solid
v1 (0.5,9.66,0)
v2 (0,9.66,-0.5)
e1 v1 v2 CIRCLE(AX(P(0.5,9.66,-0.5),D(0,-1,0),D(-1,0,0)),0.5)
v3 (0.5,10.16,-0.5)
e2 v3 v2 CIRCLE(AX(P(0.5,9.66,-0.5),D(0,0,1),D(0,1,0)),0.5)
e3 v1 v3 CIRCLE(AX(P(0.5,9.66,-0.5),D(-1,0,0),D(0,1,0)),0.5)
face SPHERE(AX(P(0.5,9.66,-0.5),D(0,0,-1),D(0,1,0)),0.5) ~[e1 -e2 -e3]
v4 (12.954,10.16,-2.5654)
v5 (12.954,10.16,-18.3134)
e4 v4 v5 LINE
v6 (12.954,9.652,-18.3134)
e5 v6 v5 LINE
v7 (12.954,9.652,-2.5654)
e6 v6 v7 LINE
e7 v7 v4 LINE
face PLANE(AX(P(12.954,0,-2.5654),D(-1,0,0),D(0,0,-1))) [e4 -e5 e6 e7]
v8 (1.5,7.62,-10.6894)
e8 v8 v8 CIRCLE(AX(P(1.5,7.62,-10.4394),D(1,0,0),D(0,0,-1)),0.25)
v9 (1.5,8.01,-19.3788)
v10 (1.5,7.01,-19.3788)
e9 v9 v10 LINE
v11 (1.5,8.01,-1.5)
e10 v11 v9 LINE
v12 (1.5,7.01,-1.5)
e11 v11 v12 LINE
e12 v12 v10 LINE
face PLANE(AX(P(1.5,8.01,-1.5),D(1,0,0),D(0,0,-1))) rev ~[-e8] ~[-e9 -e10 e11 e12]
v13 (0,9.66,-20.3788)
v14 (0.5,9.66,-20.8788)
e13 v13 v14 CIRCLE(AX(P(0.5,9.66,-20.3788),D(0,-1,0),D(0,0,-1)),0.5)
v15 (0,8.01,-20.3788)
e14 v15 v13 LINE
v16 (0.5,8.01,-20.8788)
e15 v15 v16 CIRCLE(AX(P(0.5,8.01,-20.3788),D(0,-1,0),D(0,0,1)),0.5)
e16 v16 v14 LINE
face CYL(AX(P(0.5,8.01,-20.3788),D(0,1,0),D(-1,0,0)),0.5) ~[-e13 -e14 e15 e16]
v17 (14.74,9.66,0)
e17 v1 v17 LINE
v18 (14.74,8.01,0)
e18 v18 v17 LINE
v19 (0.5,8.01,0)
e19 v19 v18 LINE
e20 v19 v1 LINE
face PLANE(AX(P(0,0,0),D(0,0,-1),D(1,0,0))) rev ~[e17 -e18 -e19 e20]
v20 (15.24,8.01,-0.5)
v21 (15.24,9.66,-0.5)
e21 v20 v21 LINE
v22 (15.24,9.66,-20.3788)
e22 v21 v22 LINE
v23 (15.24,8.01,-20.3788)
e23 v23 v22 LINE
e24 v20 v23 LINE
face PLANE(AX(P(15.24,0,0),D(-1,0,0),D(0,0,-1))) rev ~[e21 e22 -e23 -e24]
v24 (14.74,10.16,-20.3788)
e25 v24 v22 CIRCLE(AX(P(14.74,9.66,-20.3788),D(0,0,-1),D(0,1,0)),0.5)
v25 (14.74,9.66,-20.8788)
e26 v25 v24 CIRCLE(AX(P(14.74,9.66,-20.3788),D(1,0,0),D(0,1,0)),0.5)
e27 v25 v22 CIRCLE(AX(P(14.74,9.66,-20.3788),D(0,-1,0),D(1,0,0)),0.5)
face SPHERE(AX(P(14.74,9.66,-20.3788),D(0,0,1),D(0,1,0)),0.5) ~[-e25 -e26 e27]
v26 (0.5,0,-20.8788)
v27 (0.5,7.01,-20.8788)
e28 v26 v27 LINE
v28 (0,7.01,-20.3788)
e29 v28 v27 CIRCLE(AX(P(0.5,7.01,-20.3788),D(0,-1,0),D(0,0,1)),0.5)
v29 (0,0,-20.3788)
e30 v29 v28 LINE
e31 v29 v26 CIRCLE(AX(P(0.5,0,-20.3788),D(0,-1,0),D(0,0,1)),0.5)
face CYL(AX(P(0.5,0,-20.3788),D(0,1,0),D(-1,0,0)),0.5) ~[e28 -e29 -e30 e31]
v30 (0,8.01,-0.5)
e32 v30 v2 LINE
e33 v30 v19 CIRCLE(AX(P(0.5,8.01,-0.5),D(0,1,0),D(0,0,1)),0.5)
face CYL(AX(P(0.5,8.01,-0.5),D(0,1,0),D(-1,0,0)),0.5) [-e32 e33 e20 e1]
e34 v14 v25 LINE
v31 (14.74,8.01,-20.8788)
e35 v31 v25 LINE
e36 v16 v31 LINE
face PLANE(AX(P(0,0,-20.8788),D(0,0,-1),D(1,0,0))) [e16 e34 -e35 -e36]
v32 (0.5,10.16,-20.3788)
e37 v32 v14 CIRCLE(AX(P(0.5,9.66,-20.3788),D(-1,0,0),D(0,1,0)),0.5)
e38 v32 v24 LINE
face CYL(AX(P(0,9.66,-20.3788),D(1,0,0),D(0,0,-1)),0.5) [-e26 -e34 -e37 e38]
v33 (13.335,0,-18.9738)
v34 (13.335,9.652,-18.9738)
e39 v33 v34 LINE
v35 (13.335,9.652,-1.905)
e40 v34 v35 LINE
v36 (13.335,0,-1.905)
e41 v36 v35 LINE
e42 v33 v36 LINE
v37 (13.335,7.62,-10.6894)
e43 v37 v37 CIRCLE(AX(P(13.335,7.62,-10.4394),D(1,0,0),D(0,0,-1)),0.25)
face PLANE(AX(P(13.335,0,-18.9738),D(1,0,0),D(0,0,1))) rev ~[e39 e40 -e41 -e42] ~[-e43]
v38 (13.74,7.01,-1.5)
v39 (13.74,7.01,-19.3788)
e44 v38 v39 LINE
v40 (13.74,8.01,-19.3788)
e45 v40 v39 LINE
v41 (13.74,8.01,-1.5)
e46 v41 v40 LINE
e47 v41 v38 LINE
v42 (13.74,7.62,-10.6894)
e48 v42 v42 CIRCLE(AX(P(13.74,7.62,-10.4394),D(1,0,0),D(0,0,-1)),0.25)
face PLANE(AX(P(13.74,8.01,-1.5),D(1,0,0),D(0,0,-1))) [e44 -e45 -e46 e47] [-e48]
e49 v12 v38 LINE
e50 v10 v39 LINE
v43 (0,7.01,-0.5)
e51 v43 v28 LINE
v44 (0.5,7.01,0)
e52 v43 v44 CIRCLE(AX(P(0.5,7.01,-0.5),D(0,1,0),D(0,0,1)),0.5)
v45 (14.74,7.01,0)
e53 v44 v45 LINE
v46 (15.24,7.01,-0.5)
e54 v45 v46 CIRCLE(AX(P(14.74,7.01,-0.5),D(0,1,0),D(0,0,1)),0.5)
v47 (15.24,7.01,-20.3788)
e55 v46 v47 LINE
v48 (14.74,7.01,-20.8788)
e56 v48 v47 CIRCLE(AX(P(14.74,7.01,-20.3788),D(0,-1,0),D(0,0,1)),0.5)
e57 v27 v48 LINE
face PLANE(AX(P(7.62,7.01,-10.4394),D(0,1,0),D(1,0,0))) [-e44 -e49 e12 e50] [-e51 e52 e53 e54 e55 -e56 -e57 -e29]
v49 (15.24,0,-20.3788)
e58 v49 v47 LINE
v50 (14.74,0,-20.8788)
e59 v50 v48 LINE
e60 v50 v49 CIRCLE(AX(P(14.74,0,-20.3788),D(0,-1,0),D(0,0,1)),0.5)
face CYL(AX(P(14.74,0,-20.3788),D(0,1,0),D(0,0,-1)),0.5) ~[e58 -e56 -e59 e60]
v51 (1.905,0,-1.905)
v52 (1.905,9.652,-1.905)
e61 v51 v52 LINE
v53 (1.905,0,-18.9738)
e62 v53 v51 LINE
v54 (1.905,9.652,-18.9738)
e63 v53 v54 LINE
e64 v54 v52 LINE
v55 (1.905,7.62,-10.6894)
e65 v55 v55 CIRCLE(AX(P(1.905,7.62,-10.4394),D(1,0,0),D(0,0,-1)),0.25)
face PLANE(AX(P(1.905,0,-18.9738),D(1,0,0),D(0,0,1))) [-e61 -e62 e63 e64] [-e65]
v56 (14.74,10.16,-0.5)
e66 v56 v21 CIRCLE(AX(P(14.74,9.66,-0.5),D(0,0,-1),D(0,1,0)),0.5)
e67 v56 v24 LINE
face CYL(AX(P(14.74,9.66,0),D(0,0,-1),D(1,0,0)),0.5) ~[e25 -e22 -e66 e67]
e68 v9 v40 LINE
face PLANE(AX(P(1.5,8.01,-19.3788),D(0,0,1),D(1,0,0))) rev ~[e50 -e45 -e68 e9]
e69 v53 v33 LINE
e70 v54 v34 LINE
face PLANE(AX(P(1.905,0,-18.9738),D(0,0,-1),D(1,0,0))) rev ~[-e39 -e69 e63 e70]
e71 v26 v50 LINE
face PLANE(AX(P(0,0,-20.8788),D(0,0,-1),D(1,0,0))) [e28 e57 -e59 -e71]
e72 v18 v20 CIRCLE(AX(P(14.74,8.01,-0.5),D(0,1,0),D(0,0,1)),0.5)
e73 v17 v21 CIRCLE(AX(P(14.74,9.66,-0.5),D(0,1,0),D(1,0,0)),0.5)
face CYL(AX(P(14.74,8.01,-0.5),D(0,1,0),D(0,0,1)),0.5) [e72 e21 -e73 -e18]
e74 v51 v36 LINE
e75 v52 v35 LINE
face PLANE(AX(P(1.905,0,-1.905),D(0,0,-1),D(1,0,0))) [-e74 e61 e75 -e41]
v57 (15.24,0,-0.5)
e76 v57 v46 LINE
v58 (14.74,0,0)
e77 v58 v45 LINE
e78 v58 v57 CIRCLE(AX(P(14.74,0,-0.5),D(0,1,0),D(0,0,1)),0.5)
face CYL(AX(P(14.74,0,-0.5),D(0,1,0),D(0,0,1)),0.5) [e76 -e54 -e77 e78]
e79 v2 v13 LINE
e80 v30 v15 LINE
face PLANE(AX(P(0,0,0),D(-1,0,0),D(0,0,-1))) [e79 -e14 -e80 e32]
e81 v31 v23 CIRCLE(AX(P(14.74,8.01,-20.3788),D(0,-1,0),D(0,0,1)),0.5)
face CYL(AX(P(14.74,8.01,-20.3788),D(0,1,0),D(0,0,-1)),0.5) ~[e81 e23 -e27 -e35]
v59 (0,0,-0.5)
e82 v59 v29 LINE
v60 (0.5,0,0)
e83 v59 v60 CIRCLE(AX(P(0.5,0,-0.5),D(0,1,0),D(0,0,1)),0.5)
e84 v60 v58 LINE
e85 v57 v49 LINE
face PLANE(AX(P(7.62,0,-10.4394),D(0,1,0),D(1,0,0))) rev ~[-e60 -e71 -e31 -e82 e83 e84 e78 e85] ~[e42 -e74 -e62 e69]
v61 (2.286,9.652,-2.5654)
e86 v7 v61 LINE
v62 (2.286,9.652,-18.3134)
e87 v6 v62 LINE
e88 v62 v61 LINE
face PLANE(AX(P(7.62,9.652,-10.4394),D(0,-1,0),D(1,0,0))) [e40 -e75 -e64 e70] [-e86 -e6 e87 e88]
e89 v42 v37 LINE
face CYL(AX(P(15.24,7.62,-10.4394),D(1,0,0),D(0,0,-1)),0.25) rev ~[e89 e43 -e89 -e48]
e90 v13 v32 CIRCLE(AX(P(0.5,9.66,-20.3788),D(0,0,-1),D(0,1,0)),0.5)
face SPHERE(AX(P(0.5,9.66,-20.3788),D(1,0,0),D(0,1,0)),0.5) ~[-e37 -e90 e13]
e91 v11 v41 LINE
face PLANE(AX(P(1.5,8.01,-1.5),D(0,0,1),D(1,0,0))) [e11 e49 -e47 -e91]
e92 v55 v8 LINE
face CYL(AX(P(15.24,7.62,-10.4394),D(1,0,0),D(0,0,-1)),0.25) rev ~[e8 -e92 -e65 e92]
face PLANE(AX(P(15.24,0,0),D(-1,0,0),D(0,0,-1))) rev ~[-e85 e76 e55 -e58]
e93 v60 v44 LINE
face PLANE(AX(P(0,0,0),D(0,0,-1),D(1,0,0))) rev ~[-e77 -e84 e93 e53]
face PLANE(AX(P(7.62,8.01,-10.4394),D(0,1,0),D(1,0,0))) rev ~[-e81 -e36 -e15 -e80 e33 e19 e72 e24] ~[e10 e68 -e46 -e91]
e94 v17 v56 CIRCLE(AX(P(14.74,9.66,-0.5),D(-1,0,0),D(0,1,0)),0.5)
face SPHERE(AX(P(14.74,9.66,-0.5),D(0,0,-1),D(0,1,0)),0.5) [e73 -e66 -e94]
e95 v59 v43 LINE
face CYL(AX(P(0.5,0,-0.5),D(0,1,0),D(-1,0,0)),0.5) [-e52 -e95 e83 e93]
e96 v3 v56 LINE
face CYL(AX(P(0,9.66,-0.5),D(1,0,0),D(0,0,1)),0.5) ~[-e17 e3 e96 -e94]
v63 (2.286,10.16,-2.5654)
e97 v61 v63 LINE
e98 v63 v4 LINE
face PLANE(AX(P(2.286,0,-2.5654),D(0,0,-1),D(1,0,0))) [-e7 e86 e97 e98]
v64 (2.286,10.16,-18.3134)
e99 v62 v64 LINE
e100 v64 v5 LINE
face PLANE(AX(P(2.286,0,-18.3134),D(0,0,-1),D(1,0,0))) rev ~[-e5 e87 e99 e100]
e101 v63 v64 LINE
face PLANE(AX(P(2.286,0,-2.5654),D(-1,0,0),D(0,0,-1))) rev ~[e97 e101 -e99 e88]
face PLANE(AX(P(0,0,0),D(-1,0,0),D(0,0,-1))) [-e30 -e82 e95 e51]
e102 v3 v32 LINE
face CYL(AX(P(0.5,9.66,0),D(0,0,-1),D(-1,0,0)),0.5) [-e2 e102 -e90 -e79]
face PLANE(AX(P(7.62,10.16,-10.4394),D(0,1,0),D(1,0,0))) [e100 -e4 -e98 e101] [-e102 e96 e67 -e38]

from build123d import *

# Parameters (mm, degrees)
SKETCH1_W           = 15.24
SKETCH1_H           = 20.8788
SKETCH1_W_2         = 10.668
SKETCH1_H_2         = 15.748
BOSS_EXTRUDE1_DEPTH = 10.16
SKETCH2_R           = 0.25
CUT_EXTRUDE1_DEPTH  = 16.24
SKETCH3_W           = 11.43
SKETCH3_H           = 17.0688
CUT_EXTRUDE2_DEPTH  = 9.652
SKETCH5_W           = 15.24
SKETCH5_H           = 20.8788
SKETCH5_W_2         = 12.24
SKETCH5_H_2         = 17.8788
CUT_EXTRUDE4_DEPTH  = 1
FILLET1_R           = 0.5


with BuildPart() as part:
    # Sketch1 → Boss-Extrude1 (new body)
    with BuildSketch(Plane(origin=(0, 0, 0), x_dir=(1, 0, 0), z_dir=(0, 1, 0))):
        with Locations((7.62, 10.4394)):
            Rectangle(SKETCH1_W, SKETCH1_H)
        with Locations((7.62, 10.4394)):
            Rectangle(SKETCH1_W_2, SKETCH1_H_2, mode=Mode.SUBTRACT)
    extrude(amount=BOSS_EXTRUDE1_DEPTH)

    # Sketch2 → Cut-Extrude1 (cut, through all)
    with BuildSketch(Plane(origin=(15.24, 0, 0), x_dir=(0, 0, -1), z_dir=(1, 0, 0))):
        with Locations((10.4394, 7.62)):
            Circle(SKETCH2_R)
    extrude(amount=-CUT_EXTRUDE1_DEPTH, mode=Mode.SUBTRACT)

    # Sketch3 → Cut-Extrude2 (cut)
    with BuildSketch(Plane.XZ):
        with Locations((7.62, -10.4394)):
            Rectangle(SKETCH3_W, SKETCH3_H)
    extrude(amount=-CUT_EXTRUDE2_DEPTH, mode=Mode.SUBTRACT)

    # Sketch5 → Cut-Extrude4 (cut)
    with BuildSketch(Plane(origin=(0, 8.01, 0), x_dir=(1, 0, 0), z_dir=(0, 1, 0))):
        with Locations((7.62, 10.4394)):
            Rectangle(SKETCH5_W, SKETCH5_H)
        with Locations((7.62, 10.4394)):
            Rectangle(SKETCH5_W_2, SKETCH5_H_2, mode=Mode.SUBTRACT)
    extrude(amount=-CUT_EXTRUDE4_DEPTH, mode=Mode.SUBTRACT)

    # Fillet1
    fillet1_edges = [part.edges().sort_by_distance(p)[0] for p in [
        (15.24, 10.16, -10.4394),
        (7.62, 10.16, -20.8788),
        (0, 10.16, -10.4394),
        (0, 3.505, -20.8788),
        (15.24, 3.505, -20.8788),
        (15.24, 3.505, 0),
        (0, 3.505, 0),
        (7.62, 10.16, 0),
        (0, 9.085, -20.8788),
        (15.24, 9.085, -20.8788),
        (15.24, 9.085, 0),
        (0, 9.085, 0),
    ]]
    fillet(fillet1_edges, radius=FILLET1_R)


solid = part.part
